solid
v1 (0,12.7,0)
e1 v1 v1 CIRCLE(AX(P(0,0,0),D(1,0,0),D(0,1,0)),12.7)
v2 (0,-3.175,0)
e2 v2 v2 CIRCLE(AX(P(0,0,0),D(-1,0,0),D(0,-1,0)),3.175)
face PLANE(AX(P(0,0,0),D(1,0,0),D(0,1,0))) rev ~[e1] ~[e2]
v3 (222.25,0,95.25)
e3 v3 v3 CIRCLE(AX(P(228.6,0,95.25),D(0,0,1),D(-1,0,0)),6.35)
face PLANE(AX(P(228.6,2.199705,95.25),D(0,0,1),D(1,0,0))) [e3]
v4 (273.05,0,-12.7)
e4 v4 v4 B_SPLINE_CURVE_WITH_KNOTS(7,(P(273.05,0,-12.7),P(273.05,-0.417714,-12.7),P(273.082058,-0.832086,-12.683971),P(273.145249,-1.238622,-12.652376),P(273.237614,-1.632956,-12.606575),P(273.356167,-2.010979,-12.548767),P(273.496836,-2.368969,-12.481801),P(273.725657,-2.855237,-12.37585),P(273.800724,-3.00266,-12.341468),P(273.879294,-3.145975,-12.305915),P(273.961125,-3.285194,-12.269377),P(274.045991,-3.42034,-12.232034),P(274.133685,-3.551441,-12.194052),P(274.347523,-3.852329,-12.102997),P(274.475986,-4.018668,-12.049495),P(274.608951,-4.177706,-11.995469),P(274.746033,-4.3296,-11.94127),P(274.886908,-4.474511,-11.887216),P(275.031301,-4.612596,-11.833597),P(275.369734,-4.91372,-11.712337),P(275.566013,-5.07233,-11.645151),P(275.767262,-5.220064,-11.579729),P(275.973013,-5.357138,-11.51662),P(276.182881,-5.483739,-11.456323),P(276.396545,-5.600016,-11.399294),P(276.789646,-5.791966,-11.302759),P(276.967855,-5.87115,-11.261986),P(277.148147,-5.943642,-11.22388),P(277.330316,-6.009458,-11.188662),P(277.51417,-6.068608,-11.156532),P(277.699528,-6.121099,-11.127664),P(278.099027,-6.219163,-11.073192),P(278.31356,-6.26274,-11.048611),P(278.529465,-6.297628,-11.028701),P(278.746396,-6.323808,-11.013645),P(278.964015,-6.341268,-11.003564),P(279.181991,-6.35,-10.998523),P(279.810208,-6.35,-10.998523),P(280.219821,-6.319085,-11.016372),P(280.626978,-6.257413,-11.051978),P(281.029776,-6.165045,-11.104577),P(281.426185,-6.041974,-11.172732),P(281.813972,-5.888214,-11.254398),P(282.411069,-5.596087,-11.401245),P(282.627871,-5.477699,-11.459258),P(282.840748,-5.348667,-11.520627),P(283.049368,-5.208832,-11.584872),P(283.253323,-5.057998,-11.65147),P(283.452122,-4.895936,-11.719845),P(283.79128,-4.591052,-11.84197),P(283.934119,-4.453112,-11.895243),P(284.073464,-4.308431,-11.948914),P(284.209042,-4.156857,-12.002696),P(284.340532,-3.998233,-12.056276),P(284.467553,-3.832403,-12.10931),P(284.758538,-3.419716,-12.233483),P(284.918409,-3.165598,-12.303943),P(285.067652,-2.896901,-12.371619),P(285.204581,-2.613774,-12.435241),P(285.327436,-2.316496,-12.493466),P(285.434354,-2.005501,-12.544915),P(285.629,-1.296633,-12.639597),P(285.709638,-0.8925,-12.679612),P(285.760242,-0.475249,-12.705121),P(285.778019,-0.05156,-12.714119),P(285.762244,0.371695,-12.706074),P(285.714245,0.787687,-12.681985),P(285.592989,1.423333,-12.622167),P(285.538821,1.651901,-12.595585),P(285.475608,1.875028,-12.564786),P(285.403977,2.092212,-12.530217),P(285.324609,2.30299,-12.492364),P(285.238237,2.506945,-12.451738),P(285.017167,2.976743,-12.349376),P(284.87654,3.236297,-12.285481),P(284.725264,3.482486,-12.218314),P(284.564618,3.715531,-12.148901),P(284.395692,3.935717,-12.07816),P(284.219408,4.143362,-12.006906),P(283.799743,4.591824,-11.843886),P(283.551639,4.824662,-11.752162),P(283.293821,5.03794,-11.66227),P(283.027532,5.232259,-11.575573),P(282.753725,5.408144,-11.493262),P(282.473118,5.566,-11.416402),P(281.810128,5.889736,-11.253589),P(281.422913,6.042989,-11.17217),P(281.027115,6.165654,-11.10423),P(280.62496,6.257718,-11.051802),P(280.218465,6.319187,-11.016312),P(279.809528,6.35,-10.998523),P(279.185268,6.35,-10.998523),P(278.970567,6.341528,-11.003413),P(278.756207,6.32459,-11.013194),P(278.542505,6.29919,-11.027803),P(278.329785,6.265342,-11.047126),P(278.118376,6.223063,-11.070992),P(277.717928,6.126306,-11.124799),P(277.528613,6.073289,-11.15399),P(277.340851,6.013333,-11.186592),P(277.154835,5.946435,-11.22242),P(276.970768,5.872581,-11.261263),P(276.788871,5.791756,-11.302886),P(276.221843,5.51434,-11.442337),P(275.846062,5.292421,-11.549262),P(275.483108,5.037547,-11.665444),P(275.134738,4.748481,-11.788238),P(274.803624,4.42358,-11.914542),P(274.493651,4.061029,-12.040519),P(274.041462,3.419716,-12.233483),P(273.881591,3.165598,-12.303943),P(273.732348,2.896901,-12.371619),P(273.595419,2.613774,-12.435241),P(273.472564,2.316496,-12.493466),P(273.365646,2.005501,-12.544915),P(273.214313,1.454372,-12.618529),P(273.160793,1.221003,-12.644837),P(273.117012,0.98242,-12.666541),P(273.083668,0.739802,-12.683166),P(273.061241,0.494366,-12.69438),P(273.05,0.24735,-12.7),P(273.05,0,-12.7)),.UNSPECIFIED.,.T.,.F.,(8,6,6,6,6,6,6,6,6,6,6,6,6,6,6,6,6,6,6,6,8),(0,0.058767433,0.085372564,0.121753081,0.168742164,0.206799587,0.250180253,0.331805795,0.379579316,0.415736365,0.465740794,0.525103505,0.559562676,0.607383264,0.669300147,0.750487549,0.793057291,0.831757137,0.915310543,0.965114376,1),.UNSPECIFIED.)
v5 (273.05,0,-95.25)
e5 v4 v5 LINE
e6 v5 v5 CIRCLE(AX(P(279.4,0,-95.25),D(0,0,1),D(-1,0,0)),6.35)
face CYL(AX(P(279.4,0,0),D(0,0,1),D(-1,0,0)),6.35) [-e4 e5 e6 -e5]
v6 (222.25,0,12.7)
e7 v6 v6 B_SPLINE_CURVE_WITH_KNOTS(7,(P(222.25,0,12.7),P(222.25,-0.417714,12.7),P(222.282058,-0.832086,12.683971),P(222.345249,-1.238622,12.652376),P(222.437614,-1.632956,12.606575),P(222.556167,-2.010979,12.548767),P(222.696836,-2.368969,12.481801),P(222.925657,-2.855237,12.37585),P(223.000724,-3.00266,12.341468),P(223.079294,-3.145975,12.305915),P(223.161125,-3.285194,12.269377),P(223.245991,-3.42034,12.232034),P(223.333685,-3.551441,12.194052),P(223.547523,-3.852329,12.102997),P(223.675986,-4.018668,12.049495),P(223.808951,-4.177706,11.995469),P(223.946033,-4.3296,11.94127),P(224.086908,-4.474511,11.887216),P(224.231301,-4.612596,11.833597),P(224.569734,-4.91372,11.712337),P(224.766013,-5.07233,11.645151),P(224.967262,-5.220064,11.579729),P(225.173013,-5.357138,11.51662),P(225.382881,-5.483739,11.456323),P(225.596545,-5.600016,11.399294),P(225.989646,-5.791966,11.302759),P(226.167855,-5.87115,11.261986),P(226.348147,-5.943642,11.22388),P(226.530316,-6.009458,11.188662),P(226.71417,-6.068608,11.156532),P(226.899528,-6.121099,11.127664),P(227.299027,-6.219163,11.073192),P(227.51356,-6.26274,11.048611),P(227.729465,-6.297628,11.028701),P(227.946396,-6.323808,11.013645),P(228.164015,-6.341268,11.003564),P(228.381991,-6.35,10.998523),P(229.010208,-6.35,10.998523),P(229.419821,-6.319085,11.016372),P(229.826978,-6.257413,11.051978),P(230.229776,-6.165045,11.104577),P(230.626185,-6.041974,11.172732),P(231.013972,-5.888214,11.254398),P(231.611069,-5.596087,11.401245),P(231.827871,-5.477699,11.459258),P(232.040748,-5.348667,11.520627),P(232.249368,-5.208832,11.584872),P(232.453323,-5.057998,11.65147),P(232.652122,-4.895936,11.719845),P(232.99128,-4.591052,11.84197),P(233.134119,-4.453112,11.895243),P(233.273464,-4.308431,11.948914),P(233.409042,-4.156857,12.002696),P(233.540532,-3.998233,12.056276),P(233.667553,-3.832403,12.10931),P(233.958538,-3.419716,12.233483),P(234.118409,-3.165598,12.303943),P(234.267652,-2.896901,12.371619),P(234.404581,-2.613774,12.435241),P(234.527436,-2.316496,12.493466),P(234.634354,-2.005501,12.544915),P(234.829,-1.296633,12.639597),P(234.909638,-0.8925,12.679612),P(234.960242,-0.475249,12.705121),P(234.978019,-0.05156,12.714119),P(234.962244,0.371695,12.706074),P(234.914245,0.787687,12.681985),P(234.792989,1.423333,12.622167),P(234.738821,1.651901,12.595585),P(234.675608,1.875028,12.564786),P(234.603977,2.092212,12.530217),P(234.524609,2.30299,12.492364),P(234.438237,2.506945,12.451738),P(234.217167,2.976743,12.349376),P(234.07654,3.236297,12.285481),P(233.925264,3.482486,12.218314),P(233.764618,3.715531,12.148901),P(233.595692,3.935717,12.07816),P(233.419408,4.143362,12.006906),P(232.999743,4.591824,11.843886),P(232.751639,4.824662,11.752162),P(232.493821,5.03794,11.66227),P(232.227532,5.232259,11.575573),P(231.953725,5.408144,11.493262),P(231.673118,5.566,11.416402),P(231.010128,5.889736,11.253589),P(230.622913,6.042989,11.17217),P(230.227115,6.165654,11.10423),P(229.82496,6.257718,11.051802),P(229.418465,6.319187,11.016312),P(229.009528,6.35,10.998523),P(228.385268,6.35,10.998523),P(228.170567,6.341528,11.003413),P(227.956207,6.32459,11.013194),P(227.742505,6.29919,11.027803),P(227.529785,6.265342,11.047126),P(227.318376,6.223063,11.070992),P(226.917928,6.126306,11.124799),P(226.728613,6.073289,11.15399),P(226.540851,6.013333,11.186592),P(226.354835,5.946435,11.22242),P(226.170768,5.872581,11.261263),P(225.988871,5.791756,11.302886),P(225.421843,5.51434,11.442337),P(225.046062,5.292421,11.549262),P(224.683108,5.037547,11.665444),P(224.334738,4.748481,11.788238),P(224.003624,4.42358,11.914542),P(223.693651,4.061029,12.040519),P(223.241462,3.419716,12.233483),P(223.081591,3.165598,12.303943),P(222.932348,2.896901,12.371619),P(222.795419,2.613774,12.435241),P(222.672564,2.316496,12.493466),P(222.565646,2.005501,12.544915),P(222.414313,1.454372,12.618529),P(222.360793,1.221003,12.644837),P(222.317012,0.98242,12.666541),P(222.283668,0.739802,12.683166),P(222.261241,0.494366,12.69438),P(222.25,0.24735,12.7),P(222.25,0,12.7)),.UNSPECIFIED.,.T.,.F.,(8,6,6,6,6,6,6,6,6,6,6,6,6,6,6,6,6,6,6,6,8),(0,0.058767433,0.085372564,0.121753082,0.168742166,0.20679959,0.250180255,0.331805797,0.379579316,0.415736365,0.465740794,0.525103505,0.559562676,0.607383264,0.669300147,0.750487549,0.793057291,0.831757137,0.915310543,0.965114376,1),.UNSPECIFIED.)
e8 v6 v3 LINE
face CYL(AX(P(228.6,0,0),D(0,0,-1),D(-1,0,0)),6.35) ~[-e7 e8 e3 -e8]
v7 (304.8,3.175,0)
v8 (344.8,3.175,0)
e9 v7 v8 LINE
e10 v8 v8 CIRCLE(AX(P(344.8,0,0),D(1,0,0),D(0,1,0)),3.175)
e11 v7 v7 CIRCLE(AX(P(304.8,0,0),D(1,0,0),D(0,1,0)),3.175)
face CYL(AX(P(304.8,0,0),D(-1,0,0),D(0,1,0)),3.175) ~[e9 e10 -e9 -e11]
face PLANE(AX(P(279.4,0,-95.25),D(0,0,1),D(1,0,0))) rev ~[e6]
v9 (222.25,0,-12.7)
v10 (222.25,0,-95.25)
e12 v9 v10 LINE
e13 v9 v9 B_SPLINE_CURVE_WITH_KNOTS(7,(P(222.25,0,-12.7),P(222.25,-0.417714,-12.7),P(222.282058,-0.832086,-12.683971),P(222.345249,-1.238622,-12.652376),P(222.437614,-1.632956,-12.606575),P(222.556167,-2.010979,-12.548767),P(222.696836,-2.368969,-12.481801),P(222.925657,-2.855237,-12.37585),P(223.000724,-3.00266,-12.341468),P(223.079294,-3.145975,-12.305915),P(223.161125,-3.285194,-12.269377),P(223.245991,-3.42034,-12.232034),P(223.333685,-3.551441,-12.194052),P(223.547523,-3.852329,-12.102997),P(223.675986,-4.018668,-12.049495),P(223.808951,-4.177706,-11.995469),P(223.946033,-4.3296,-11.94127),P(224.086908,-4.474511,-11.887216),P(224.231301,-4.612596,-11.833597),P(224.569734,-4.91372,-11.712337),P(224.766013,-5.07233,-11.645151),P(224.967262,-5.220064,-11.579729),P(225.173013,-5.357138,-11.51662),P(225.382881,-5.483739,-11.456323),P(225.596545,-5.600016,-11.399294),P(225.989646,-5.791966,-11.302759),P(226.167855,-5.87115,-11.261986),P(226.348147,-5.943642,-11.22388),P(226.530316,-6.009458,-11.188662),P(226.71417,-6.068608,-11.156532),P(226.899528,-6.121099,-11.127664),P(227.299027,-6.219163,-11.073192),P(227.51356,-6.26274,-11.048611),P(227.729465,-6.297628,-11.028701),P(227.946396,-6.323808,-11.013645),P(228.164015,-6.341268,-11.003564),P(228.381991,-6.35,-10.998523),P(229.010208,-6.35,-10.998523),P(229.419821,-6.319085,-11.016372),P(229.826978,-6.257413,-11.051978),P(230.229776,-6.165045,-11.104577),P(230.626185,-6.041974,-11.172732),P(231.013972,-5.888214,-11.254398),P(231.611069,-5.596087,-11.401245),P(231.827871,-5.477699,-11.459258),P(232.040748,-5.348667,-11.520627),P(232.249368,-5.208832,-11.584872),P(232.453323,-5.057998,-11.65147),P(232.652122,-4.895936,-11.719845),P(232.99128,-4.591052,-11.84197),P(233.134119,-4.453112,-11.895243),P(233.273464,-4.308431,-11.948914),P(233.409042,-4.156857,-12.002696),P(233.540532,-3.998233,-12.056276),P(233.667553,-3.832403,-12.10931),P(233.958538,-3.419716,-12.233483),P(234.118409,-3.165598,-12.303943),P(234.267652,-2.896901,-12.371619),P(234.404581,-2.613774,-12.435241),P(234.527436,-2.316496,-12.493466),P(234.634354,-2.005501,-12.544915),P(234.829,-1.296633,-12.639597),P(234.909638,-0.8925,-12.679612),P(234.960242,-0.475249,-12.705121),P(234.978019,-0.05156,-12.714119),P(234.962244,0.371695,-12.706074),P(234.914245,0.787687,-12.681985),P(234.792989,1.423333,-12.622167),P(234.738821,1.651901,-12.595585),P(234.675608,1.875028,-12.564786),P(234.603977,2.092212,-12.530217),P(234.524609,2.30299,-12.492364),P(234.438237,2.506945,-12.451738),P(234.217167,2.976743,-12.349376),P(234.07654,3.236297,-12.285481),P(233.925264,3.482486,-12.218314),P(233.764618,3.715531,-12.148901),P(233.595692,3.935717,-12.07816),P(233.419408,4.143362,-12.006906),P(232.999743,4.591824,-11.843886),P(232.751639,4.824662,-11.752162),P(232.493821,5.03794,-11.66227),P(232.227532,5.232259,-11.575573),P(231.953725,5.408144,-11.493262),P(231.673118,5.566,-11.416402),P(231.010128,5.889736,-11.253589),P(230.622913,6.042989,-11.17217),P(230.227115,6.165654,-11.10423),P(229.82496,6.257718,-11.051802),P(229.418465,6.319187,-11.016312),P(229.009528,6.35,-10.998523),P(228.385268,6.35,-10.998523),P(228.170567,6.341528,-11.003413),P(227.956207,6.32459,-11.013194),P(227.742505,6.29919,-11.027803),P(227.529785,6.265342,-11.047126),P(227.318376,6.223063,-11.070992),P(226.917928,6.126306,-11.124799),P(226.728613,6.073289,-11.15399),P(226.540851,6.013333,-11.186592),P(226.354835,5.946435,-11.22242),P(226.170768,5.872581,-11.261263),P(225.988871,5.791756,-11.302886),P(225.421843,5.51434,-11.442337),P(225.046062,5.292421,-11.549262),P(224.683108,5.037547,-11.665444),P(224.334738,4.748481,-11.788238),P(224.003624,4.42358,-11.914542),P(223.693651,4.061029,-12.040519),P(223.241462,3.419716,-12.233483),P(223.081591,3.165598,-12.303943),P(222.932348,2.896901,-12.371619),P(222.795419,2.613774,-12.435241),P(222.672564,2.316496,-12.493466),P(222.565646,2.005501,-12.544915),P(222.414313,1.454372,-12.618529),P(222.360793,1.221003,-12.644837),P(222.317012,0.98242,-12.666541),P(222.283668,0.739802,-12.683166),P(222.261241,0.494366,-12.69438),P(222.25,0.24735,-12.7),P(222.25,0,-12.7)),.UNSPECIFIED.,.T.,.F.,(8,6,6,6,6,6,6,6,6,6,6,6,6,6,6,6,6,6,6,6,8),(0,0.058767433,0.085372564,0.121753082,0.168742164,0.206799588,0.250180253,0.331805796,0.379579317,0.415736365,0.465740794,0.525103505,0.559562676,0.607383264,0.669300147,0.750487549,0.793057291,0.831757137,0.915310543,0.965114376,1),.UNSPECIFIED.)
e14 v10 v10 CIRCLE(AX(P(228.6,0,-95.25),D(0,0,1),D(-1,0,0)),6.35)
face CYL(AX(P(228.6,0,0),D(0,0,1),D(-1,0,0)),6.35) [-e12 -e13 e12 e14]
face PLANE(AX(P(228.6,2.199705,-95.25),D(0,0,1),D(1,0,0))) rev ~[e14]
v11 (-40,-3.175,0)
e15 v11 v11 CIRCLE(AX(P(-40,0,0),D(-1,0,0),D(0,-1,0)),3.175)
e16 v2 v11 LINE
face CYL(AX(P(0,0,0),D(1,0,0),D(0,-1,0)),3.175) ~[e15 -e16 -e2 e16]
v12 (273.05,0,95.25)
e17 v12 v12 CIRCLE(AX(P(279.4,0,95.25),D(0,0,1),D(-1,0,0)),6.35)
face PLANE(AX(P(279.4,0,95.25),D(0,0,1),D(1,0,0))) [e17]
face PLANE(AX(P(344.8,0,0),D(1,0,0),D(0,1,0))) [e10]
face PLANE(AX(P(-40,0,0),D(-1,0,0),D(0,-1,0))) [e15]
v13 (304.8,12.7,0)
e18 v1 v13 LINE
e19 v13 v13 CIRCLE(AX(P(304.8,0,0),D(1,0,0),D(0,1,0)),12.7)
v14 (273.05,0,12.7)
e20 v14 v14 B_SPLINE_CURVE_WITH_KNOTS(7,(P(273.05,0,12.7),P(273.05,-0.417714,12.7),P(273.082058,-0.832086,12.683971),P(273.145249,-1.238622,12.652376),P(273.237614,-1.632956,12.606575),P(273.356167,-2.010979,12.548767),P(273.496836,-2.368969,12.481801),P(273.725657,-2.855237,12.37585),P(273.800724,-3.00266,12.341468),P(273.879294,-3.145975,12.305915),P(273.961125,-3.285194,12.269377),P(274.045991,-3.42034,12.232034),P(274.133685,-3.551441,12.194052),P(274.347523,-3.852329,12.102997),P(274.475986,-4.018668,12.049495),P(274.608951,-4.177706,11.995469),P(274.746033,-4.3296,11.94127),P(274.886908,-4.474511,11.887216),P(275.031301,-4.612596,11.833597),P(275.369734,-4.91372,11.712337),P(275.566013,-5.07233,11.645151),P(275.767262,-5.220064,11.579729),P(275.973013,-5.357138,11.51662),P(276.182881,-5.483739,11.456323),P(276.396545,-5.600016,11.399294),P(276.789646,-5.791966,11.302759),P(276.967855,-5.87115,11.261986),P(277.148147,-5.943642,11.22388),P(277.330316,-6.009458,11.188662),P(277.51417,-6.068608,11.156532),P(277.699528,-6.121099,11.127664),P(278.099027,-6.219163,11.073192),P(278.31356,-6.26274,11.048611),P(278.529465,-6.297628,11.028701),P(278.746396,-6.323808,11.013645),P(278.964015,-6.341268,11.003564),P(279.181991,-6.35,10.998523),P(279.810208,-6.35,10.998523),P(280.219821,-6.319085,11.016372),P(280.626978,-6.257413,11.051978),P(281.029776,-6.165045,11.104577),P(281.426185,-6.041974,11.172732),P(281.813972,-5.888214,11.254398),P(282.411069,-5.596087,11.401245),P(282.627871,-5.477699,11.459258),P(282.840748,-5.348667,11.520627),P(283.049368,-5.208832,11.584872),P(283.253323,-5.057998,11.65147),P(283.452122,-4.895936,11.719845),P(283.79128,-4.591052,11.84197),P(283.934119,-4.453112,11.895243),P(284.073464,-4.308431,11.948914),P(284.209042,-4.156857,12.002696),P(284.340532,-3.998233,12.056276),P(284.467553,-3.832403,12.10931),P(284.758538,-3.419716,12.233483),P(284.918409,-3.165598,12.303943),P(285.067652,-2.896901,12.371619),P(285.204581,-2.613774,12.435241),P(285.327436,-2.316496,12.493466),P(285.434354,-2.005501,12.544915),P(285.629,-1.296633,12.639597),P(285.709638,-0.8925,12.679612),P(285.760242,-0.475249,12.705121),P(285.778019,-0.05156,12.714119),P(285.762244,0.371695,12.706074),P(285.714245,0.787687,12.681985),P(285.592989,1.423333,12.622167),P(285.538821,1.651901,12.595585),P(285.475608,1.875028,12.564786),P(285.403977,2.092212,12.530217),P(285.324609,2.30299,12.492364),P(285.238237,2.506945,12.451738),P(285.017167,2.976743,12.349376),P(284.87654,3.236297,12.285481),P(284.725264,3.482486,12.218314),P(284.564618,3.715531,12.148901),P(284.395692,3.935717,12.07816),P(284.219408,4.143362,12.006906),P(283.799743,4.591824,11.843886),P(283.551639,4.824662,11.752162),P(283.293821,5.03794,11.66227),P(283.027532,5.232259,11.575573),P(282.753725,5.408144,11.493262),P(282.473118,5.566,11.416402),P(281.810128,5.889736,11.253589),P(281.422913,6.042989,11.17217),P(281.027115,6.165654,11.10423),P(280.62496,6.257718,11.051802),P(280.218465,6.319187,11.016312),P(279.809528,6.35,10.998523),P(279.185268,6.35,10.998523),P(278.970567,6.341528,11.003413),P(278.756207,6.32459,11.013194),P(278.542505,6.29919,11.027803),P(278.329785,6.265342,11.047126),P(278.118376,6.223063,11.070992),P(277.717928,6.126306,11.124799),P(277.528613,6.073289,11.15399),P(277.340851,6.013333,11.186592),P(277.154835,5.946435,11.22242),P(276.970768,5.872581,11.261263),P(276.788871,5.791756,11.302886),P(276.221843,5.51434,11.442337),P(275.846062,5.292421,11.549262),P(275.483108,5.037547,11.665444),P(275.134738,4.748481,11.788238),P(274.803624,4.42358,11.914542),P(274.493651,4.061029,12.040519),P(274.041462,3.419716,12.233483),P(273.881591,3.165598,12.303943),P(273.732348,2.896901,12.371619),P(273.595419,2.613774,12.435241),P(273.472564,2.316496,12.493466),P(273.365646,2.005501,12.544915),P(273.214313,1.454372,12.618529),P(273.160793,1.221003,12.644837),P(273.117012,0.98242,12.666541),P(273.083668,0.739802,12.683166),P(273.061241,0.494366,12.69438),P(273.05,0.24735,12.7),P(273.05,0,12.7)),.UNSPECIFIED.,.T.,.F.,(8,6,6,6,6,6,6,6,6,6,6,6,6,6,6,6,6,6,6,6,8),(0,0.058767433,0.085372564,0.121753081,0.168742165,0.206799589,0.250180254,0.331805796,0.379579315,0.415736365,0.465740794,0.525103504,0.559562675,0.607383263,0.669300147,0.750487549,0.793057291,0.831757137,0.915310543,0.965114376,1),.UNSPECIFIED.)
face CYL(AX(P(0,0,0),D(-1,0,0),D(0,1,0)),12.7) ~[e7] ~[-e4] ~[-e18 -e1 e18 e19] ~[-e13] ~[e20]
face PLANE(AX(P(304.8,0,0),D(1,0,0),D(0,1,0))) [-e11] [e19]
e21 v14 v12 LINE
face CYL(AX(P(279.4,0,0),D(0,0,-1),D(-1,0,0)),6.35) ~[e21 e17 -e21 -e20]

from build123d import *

# Parameters (mm, degrees)
F0_R          = 12.7
F1_DEPTH      = 304.8
F2_R          = 3.175
F3_DEPTH      = 40
F4_R          = 3.175
F5_DEPTH      = 40
F7_DEPTH      = 95.25
F7_DEPTH_BACK = 95.25


with BuildPart() as f1:
    # F0 (on Right) → F1 (new body)
    with BuildSketch(Plane.YZ):
        Circle(F0_R)
    extrude(amount=F1_DEPTH)

    # F2 (on face) → F3 (join)
    with BuildSketch(Plane(origin=(0, 0, 0), x_dir=(0, -1, 0), z_dir=(-1, 0, 0))):
        Circle(F2_R)
    extrude(amount=F3_DEPTH)

    # F4 (on face) → F5 (join)
    with BuildSketch(Plane.YZ.offset(304.8)):
        Circle(F4_R)
    extrude(amount=F5_DEPTH)

    # F6 (on Top) → F7 (join, two sides)
    with BuildSketch(Plane.XY) as f7_sk:
        with BuildLine():
            Line((228.6, 0), (234.95, 0))
            ThreePointArc((234.95, 0), (228.6, 6.35), (222.25, 0))
            Line((222.25, 0), (228.6, 0))
        make_face()
        with BuildLine():
            ThreePointArc((222.25, 0), (228.6, -6.35), (234.95, 0))
            Line((234.95, 0), (228.6, 0))
            Line((228.6, 0), (222.25, 0))
        make_face()
        with BuildLine():
            ThreePointArc((285.75, 0), (279.4, 6.35), (273.05, 0))
            ThreePointArc((273.05, 0), (279.4, -6.35), (285.75, 0))
        make_face()
    extrude(amount=F7_DEPTH)
    extrude(f7_sk.sketch, amount=-F7_DEPTH_BACK)


solid = f1.part
